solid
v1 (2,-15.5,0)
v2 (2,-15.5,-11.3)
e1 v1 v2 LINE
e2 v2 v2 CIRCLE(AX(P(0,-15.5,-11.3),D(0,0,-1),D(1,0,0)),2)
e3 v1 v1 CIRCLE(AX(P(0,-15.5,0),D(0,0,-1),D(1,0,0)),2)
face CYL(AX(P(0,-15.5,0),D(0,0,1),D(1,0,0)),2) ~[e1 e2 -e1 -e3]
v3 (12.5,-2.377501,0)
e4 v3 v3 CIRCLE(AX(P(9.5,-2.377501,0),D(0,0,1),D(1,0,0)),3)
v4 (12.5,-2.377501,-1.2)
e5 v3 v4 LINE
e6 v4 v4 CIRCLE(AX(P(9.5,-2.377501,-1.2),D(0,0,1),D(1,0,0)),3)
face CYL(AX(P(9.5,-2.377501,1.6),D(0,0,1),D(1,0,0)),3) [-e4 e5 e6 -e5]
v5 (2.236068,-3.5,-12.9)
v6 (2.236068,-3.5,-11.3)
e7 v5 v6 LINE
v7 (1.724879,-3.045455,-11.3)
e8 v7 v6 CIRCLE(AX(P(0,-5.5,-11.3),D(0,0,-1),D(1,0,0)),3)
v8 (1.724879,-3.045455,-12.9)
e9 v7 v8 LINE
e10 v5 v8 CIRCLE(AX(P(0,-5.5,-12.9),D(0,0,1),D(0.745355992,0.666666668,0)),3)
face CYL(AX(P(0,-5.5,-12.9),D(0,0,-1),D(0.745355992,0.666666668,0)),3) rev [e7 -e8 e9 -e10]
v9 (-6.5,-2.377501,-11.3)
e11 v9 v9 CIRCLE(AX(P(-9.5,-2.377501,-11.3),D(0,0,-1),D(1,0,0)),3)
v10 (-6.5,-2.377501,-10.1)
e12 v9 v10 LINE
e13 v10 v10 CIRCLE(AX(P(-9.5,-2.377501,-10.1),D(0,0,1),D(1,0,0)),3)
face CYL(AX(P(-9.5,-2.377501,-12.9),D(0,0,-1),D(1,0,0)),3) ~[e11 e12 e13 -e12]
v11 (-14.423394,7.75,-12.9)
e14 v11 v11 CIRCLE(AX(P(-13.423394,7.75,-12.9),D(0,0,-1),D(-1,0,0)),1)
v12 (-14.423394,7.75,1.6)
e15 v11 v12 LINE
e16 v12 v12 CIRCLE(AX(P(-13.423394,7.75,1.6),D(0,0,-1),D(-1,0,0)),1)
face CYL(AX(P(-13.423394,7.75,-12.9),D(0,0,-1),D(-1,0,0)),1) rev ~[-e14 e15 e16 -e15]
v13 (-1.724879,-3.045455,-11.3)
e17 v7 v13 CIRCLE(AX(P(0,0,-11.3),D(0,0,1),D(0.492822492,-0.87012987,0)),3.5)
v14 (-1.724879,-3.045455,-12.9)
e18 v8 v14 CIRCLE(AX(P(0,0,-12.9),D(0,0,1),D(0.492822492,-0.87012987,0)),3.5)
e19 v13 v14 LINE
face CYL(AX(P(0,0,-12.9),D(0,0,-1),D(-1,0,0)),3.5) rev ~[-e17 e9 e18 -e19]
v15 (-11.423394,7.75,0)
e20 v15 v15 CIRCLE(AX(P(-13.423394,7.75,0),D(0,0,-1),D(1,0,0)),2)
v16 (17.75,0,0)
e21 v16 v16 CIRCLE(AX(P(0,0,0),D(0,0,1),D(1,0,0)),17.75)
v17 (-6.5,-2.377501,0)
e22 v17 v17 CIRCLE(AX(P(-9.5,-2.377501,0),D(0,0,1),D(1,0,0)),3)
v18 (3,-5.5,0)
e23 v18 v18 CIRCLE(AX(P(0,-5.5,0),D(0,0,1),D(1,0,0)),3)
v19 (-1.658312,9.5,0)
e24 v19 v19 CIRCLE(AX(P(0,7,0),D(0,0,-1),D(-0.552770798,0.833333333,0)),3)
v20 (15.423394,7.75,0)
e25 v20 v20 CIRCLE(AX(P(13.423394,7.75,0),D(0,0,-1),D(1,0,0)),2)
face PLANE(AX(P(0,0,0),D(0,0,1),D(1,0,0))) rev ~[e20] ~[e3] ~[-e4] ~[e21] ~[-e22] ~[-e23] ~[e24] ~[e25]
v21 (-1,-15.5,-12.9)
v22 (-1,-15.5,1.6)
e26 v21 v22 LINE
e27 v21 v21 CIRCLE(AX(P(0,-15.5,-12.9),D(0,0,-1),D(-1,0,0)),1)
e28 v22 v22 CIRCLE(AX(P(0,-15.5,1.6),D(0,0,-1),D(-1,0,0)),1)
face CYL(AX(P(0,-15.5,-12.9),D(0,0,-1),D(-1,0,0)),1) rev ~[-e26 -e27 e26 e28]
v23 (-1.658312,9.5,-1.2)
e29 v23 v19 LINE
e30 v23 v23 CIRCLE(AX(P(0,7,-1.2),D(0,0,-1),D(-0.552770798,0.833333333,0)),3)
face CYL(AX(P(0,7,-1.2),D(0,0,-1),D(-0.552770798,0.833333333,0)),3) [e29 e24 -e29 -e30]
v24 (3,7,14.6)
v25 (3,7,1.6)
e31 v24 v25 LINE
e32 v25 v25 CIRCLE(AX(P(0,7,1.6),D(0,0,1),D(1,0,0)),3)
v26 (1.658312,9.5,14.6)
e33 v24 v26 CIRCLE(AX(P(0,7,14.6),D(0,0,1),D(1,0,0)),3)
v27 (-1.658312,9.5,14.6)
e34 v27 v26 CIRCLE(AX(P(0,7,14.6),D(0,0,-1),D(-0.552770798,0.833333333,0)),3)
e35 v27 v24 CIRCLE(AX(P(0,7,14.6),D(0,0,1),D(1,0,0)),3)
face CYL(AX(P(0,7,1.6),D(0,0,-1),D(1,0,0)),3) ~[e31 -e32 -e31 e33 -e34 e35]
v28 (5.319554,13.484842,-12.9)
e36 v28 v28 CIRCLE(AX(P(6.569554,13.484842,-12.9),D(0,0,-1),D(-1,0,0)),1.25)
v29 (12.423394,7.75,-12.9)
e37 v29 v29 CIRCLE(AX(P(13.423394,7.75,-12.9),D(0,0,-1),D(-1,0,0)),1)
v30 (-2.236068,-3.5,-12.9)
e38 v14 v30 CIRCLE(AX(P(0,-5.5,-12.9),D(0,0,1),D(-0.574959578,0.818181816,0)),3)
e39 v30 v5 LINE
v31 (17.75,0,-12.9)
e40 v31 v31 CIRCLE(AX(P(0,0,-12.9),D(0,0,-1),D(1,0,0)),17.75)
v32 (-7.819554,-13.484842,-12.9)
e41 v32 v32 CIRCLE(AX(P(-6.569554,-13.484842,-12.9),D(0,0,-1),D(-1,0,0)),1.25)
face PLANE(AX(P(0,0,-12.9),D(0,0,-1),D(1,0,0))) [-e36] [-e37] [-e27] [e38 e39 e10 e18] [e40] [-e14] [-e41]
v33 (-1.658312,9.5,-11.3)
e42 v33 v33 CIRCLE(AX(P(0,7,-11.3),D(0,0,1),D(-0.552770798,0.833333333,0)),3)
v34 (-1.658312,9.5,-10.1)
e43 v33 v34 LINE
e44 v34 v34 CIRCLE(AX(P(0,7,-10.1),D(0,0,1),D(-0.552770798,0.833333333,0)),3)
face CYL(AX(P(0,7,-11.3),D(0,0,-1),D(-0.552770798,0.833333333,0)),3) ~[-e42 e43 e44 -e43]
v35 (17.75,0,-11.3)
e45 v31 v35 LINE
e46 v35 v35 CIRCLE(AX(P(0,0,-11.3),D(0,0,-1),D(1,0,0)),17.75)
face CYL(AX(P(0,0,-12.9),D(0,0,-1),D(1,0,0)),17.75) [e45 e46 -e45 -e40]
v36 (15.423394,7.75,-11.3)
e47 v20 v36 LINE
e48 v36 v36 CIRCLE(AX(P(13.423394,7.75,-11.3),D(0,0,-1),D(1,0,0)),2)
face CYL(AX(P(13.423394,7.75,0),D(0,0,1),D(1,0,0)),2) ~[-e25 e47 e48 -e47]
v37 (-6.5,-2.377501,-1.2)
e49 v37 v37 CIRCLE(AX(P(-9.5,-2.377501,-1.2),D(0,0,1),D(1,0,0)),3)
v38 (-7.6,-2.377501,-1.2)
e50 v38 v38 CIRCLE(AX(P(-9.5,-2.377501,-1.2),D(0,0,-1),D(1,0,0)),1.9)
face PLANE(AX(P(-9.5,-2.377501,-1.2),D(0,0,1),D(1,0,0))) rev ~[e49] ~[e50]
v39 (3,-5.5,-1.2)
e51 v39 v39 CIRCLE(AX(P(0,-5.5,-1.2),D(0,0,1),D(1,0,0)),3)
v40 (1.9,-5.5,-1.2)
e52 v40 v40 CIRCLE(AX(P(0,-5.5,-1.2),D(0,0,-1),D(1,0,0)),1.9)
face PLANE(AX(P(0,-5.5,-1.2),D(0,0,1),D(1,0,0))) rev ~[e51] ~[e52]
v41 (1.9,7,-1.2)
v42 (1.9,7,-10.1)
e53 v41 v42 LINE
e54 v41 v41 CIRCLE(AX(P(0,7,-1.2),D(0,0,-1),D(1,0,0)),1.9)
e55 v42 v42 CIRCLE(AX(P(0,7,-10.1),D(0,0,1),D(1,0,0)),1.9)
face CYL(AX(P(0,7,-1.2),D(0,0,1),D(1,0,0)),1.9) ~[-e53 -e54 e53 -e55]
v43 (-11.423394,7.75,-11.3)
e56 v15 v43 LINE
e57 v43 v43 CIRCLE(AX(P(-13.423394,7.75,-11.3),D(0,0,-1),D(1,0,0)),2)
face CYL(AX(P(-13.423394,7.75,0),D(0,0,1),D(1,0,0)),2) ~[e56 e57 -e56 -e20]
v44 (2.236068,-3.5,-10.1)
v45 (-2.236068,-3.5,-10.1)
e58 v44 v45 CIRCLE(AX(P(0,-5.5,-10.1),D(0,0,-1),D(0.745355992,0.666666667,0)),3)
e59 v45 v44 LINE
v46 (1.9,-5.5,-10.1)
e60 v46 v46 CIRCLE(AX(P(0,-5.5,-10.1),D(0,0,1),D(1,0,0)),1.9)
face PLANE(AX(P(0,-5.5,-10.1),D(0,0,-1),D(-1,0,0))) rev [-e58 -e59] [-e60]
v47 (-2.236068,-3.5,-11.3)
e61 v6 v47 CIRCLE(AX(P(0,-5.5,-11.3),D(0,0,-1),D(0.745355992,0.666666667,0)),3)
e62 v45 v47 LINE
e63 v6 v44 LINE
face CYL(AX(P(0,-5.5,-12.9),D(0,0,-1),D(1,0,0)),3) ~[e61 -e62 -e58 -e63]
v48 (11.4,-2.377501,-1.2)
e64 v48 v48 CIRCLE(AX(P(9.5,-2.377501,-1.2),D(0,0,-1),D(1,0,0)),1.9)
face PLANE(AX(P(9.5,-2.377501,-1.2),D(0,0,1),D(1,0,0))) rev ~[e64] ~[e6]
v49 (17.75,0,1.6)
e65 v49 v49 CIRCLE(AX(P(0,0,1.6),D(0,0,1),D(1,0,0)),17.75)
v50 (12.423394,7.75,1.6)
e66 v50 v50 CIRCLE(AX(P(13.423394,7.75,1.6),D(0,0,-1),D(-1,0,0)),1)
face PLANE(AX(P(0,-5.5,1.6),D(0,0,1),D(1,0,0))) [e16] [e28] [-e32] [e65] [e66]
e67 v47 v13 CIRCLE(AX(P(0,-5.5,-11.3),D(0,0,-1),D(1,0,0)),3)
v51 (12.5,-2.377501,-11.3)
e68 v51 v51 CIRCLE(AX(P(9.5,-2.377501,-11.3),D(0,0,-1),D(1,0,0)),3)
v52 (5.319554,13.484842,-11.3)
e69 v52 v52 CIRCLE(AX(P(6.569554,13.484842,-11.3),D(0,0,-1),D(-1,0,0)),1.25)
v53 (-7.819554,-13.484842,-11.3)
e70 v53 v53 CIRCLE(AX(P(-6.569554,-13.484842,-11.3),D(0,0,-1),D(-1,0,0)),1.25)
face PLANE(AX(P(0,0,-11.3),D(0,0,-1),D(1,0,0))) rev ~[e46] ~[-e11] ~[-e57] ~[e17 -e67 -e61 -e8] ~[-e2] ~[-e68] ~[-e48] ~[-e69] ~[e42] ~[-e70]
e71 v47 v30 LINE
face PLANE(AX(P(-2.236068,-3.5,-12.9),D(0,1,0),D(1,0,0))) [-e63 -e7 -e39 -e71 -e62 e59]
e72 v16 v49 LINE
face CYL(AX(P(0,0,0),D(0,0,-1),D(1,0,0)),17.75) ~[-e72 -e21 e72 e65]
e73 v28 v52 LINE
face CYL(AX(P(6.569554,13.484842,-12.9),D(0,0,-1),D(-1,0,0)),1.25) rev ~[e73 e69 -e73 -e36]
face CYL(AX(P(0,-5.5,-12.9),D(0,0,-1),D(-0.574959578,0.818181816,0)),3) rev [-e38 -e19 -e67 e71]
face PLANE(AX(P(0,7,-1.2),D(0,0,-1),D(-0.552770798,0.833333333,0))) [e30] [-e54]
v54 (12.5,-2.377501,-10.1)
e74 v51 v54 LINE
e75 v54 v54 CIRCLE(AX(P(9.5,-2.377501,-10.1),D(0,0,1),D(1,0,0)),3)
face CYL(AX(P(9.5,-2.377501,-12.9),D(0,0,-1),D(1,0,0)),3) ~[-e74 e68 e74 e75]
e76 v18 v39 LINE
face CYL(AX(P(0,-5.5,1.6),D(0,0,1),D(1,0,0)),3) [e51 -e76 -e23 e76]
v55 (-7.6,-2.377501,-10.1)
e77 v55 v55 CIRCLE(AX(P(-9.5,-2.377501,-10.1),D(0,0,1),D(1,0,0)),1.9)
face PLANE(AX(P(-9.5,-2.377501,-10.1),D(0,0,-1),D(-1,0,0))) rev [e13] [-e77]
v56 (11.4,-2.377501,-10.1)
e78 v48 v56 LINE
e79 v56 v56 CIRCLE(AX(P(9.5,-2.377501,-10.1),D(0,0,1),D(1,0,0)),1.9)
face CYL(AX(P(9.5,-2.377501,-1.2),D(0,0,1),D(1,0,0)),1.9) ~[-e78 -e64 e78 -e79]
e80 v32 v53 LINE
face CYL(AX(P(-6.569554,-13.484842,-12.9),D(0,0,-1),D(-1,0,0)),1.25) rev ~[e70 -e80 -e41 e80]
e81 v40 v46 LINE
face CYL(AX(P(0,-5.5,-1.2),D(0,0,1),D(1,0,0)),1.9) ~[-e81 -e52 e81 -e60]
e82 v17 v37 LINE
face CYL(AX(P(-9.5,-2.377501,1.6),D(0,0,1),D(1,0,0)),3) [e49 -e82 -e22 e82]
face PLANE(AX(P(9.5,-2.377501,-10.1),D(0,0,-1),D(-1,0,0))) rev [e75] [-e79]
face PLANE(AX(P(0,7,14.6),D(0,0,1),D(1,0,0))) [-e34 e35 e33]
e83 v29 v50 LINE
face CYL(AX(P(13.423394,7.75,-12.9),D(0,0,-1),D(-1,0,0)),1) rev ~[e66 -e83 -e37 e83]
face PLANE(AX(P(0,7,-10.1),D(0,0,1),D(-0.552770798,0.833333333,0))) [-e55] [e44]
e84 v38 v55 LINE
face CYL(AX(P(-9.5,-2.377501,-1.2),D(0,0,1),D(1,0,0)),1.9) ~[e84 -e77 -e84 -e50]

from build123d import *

# Parameters (mm, degrees)
SKETCH_1_R          = 17.75
EXTRUDE_1_DEPTH     = 1.6
SKETCH_2_R          = 2
EXTRUDE_2_DEPTH     = 11.3
EXTRUDE_START       = 1.6
SKETCH_3_R          = 17.75
EXTRUDE_3_DEPTH     = 1.6
CUT_EXTRUDE_2_REACH = 30.989
SKETCH_5_R          = 3.5
SKETCH_5_R_2        = 1
SKETCH_6_R          = 6
EXTRUDE_4_DEPTH     = 10
SKETCH_7_R          = 3
EXTRUDE_5_DEPTH     = 15
CHAMFER_1_SIZE      = 0.5
CUT_EXTRUDE_START   = -12
CUT_EXTRUDE_3_DEPTH = 12
SKETCH_10_R         = 3
EXTRUDE_6_DEPTH     = 2.8
EXTRUDE_7_REACH     = 39.456
SKETCH_13_R         = 1.9
CUT_EXTRUDE_4_REACH = 48.801
CUT_EXTRUDE_5_REACH = 48.801
SKETCH_17_R         = 1.25
CHAMFER_2_SIZE      = 0.5
EXTRUDE_START_2     = 1.2
SKETCH_19_R         = 3
EXTRUDE_8_DEPTH     = 1.2
EXTRUDE_9_REACH     = 39.456
SKETCH_20_R         = 1.9
SKETCH_21_R         = 3
EXTRUDE_10_DEPTH    = 1.2
CUT_EXTRUDE_START_2 = -10
SKETCH_22_R         = 6
SKETCH_22_R_2       = 3
CUT_EXTRUDE_6_DEPTH = 10
SKETCH_24_R         = 3
CUT_EXTRUDE_8_DEPTH = 12


with BuildPart() as part:
    # ｽｹｯﾁ1 → ﾎﾞｽ - 押し出し1 (new body)
    with BuildSketch(Plane.XY):
        Circle(SKETCH_1_R)
    extrude(amount=EXTRUDE_1_DEPTH)

    # ｽｹｯﾁ2 → ﾎﾞｽ - 押し出し2 (add)
    with BuildSketch(Plane(origin=(0, 0, 0), x_dir=(-1, 0, 0), z_dir=(0, 0, -1))):
        with Locations(Location((0, -15.5, 0), (0, 0, 180))):
            Circle(SKETCH_2_R)
        with Locations(Location((-13.423393759, 7.75, 0), (0, 0, 180))):
            Circle(SKETCH_2_R)
        with Locations(Location((13.423393759, 7.75, 0), (0, 0, 180))):
            Circle(SKETCH_2_R)
    extrude(amount=EXTRUDE_2_DEPTH)

    # ｽｹｯﾁ3 → ﾎﾞｽ - 押し出し3 (add)
    with BuildSketch(Plane(origin=(0, 0, -11.3), x_dir=(-1, 0, 0), z_dir=(0, 0, -1)).offset(EXTRUDE_START)):
        with Locations(Location((0, 0, 0), (0, 0, 180))):
            Circle(SKETCH_3_R)
    extrude(amount=-EXTRUDE_3_DEPTH)

    # ｽｹｯﾁ5 → ｶｯﾄ - 押し出し2 (cut, up to next)
    with BuildSketch(Plane(origin=(0, 0, -12.9), x_dir=(-1, 0, 0), z_dir=(0, 0, -1)), mode=Mode.PRIVATE) as cut_extrude_2_sk1:
        Circle(SKETCH_5_R)
    cut_extrude_2_tool1 = extrude(cut_extrude_2_sk1.sketch, amount=-CUT_EXTRUDE_2_REACH, mode=Mode.PRIVATE) & part.part
    # ｽｹｯﾁ5 → ｶｯﾄ - 押し出し2 (cut, up to next)
    with BuildSketch(Plane(origin=(0, 0, -12.9), x_dir=(-1, 0, 0), z_dir=(0, 0, -1)), mode=Mode.PRIVATE) as cut_extrude_2_sk2:
        with Locations((-13.423393759, 7.75)):
            Circle(SKETCH_5_R_2)
    cut_extrude_2_tool2 = extrude(cut_extrude_2_sk2.sketch, amount=-CUT_EXTRUDE_2_REACH, mode=Mode.PRIVATE) & part.part
    # ｽｹｯﾁ5 → ｶｯﾄ - 押し出し2 (cut, up to next)
    with BuildSketch(Plane(origin=(0, 0, -12.9), x_dir=(-1, 0, 0), z_dir=(0, 0, -1)), mode=Mode.PRIVATE) as cut_extrude_2_sk3:
        with Locations((13.423393759, 7.75)):
            Circle(SKETCH_5_R_2)
    cut_extrude_2_tool3 = extrude(cut_extrude_2_sk3.sketch, amount=-CUT_EXTRUDE_2_REACH, mode=Mode.PRIVATE) & part.part
    # ｽｹｯﾁ5 → ｶｯﾄ - 押し出し2 (cut, up to next)
    with BuildSketch(Plane(origin=(0, 0, -12.9), x_dir=(-1, 0, 0), z_dir=(0, 0, -1)), mode=Mode.PRIVATE) as cut_extrude_2_sk4:
        with Locations((0, -15.5)):
            Circle(SKETCH_5_R_2)
    cut_extrude_2_tool4 = extrude(cut_extrude_2_sk4.sketch, amount=-CUT_EXTRUDE_2_REACH, mode=Mode.PRIVATE) & part.part
    add(cut_extrude_2_tool1.solids().sort_by_distance((0, 0, -12.9))[0], mode=Mode.SUBTRACT)
    add(cut_extrude_2_tool2.solids().sort_by_distance((13.423394, 7.75, -12.9))[0], mode=Mode.SUBTRACT)
    add(cut_extrude_2_tool3.solids().sort_by_distance((-13.423394, 7.75, -12.9))[0], mode=Mode.SUBTRACT)
    add(cut_extrude_2_tool4.solids().sort_by_distance((0, -15.5, -12.9))[0], mode=Mode.SUBTRACT)

    # ｽｹｯﾁ6 → ﾎﾞｽ - 押し出し4 (add)
    with BuildSketch(Plane.XY.offset(1.6)):
        with Locations((0, 7)):
            Circle(SKETCH_6_R)
    extrude(amount=EXTRUDE_4_DEPTH)

    # ｽｹｯﾁ7 → ﾎﾞｽ - 押し出し5 (add)
    with BuildSketch(Plane.XY.offset(11.6)):
        with Locations((0, 7)):
            Circle(SKETCH_7_R)
    extrude(amount=EXTRUDE_5_DEPTH)

    # 面取り1
    chamfer_1_edges = [part.edges().sort_by_distance(p)[0] for p in [
        (-3, 7, 26.6),
    ]]
    chamfer(chamfer_1_edges, length=CHAMFER_1_SIZE)

    # ｽｹｯﾁ8 → ｶｯﾄ - 押し出し3 (cut)
    with BuildSketch(Plane.XY.offset(26.6).offset(CUT_EXTRUDE_START)):
        with BuildLine():
            Line((1.658312395, 9.5), (-1.658312395, 9.5))
            ThreePointArc((-1.658312395, 9.5), (0, 10), (1.658312395, 9.5))
        make_face()
    extrude(amount=CUT_EXTRUDE_3_DEPTH, mode=Mode.SUBTRACT)

    # ｽｹｯﾁ10 → ﾎﾞｽ - 押し出し6 (add)
    with BuildSketch(Plane.XY.offset(1.6)):
        with Locations((0, -5.5)):
            Circle(SKETCH_10_R)
        with Locations((9.5, -2.377501001)):
            Circle(SKETCH_10_R)
        with Locations((-9.5, -2.377501001)):
            Circle(SKETCH_10_R)
    extrude_6 = extrude(amount=-EXTRUDE_6_DEPTH)

    # ﾐﾗｰ1: ﾎﾞｽ - 押し出し6 across plane
    add(extrude_6.mirror(Plane.XY.offset(-5.65)))

    # ｽｹｯﾁ13 → ﾎﾞｽ - 押し出し7 (add, up to next)
    with BuildSketch(Plane(origin=(0, 0, -1.2), x_dir=(-1, 0, 0), z_dir=(0, 0, -1)), mode=Mode.PRIVATE) as extrude_7_sk1:
        with Locations(Location((-9.5, -2.377501001, 0), (0, 0, 180))):
            Circle(SKETCH_13_R)
    extrude_7_tool1 = extrude(extrude_7_sk1.sketch, amount=EXTRUDE_7_REACH, mode=Mode.PRIVATE) - part.part
    # ｽｹｯﾁ13 → ﾎﾞｽ - 押し出し7 (add, up to next)
    with BuildSketch(Plane(origin=(0, 0, -1.2), x_dir=(-1, 0, 0), z_dir=(0, 0, -1)), mode=Mode.PRIVATE) as extrude_7_sk2:
        with Locations(Location((0, -5.5, 0), (0, 0, 180))):
            Circle(SKETCH_13_R)
    extrude_7_tool2 = extrude(extrude_7_sk2.sketch, amount=EXTRUDE_7_REACH, mode=Mode.PRIVATE) - part.part
    # ｽｹｯﾁ13 → ﾎﾞｽ - 押し出し7 (add, up to next)
    with BuildSketch(Plane(origin=(0, 0, -1.2), x_dir=(-1, 0, 0), z_dir=(0, 0, -1)), mode=Mode.PRIVATE) as extrude_7_sk3:
        with Locations(Location((9.5, -2.377501001, 0), (0, 0, 180))):
            Circle(SKETCH_13_R)
    extrude_7_tool3 = extrude(extrude_7_sk3.sketch, amount=EXTRUDE_7_REACH, mode=Mode.PRIVATE) - part.part
    add(extrude_7_tool1.solids().sort_by_distance((9.5, -2.377501, -1.2))[0])
    add(extrude_7_tool2.solids().sort_by_distance((0, -5.5, -1.2))[0])
    add(extrude_7_tool3.solids().sort_by_distance((-9.5, -2.377501, -1.2))[0])

    # ｽｹｯﾁ15 → ｶｯﾄ - 押し出し4 (cut, up to next)
    with BuildSketch(Plane(origin=(0, 0, -12.9), x_dir=(-1, 0, 0), z_dir=(0, 0, -1)), mode=Mode.PRIVATE) as cut_extrude_4_sk1:
        with BuildLine():
            Line((2.236067977, -3.5), (-2.236067977, -3.5))
            ThreePointArc((-2.236067977, -3.5), (-1.99347124, -3.258109634), (-1.724878724, -3.045454545))
            ThreePointArc((-1.724878724, -3.045454545), (0, -2.5), (1.724878724, -3.045454545))
            ThreePointArc((1.724878724, -3.045454545), (1.99347124, -3.258109634), (2.236067977, -3.5))
        make_face()
    cut_extrude_4_tool1 = extrude(cut_extrude_4_sk1.sketch, amount=-CUT_EXTRUDE_4_REACH, mode=Mode.PRIVATE) & part.part
    add(cut_extrude_4_tool1.solids().sort_by_distance((0, -3.093671, -12.9))[0], mode=Mode.SUBTRACT)

    # ｽｹｯﾁ17 → ｶｯﾄ - 押し出し5 (cut, up to next)
    with BuildSketch(Plane(origin=(0, 0, -12.9), x_dir=(-1, 0, 0), z_dir=(0, 0, -1)), mode=Mode.PRIVATE) as cut_extrude_5_sk1:
        with Locations((-6.569553896, 13.48484192)):
            Circle(SKETCH_17_R)
    cut_extrude_5_tool1 = extrude(cut_extrude_5_sk1.sketch, amount=-CUT_EXTRUDE_5_REACH, mode=Mode.PRIVATE) & part.part
    # ｽｹｯﾁ17 → ｶｯﾄ - 押し出し5 (cut, up to next)
    with BuildSketch(Plane(origin=(0, 0, -12.9), x_dir=(-1, 0, 0), z_dir=(0, 0, -1)), mode=Mode.PRIVATE) as cut_extrude_5_sk2:
        with Locations((6.569553896, -13.48484192)):
            Circle(SKETCH_17_R)
    cut_extrude_5_tool2 = extrude(cut_extrude_5_sk2.sketch, amount=-CUT_EXTRUDE_5_REACH, mode=Mode.PRIVATE) & part.part
    add(cut_extrude_5_tool1.solids().sort_by_distance((6.569554, 13.484842, -12.9))[0], mode=Mode.SUBTRACT)
    add(cut_extrude_5_tool2.solids().sort_by_distance((-6.569554, -13.484842, -12.9))[0], mode=Mode.SUBTRACT)

    # 面取り2
    chamfer_2_edges = [part.edges().sort_by_distance(p)[0] for p in [
        (-6, 7, 11.6),
    ]]
    chamfer(chamfer_2_edges, length=CHAMFER_2_SIZE)

    # ｽｹｯﾁ19 → ﾎﾞｽ - 押し出し8 (add)
    with BuildSketch(Plane(origin=(0, 0, 0), x_dir=(-1, 0, 0), z_dir=(0, 0, -1)).offset(EXTRUDE_START_2)):
        with Locations(Location((0, 7, 0), (0, 0, 56.442690238))):
            Circle(SKETCH_19_R)
    extrude(amount=-EXTRUDE_8_DEPTH)

    # ｽｹｯﾁ20 → ﾎﾞｽ - 押し出し9 (add, up to next)
    with BuildSketch(Plane(origin=(0, 0, -1.2), x_dir=(-1, 0, 0), z_dir=(0, 0, -1)), mode=Mode.PRIVATE) as extrude_9_sk1:
        with Locations(Location((0, 7, 0), (0, 0, 180))):
            Circle(SKETCH_20_R)
    extrude_9_tool1 = extrude(extrude_9_sk1.sketch, amount=EXTRUDE_9_REACH, mode=Mode.PRIVATE) - part.part
    add(extrude_9_tool1.solids().sort_by_distance((0, 7, -1.2))[0])

    # ｽｹｯﾁ21 → ﾎﾞｽ - 押し出し10 (add)
    with BuildSketch(Plane.XY.offset(-11.3)):
        with Locations(Location((0, 7, 0), (0, 0, 123.557309762))):
            Circle(SKETCH_21_R)
    extrude(amount=EXTRUDE_10_DEPTH)

    # ｽｹｯﾁ22 → ｶｯﾄ - 押し出し6 (cut)
    with BuildSketch(Plane.XY.offset(11.6).offset(CUT_EXTRUDE_START_2)):
        with Locations((0, 7)):
            Circle(SKETCH_22_R)
        with Locations((0, 7)):
            Circle(SKETCH_22_R_2, mode=Mode.SUBTRACT)
    extrude(amount=CUT_EXTRUDE_6_DEPTH, mode=Mode.SUBTRACT)

    # ｽｹｯﾁ24 → ｶｯﾄ - 押し出し8 (cut)
    with BuildSketch(Plane.XY.offset(26.6).offset(CUT_EXTRUDE_START)):
        with Locations((0, 7)):
            Circle(SKETCH_24_R)
    extrude(amount=CUT_EXTRUDE_8_DEPTH, mode=Mode.SUBTRACT)


solid = part.part
